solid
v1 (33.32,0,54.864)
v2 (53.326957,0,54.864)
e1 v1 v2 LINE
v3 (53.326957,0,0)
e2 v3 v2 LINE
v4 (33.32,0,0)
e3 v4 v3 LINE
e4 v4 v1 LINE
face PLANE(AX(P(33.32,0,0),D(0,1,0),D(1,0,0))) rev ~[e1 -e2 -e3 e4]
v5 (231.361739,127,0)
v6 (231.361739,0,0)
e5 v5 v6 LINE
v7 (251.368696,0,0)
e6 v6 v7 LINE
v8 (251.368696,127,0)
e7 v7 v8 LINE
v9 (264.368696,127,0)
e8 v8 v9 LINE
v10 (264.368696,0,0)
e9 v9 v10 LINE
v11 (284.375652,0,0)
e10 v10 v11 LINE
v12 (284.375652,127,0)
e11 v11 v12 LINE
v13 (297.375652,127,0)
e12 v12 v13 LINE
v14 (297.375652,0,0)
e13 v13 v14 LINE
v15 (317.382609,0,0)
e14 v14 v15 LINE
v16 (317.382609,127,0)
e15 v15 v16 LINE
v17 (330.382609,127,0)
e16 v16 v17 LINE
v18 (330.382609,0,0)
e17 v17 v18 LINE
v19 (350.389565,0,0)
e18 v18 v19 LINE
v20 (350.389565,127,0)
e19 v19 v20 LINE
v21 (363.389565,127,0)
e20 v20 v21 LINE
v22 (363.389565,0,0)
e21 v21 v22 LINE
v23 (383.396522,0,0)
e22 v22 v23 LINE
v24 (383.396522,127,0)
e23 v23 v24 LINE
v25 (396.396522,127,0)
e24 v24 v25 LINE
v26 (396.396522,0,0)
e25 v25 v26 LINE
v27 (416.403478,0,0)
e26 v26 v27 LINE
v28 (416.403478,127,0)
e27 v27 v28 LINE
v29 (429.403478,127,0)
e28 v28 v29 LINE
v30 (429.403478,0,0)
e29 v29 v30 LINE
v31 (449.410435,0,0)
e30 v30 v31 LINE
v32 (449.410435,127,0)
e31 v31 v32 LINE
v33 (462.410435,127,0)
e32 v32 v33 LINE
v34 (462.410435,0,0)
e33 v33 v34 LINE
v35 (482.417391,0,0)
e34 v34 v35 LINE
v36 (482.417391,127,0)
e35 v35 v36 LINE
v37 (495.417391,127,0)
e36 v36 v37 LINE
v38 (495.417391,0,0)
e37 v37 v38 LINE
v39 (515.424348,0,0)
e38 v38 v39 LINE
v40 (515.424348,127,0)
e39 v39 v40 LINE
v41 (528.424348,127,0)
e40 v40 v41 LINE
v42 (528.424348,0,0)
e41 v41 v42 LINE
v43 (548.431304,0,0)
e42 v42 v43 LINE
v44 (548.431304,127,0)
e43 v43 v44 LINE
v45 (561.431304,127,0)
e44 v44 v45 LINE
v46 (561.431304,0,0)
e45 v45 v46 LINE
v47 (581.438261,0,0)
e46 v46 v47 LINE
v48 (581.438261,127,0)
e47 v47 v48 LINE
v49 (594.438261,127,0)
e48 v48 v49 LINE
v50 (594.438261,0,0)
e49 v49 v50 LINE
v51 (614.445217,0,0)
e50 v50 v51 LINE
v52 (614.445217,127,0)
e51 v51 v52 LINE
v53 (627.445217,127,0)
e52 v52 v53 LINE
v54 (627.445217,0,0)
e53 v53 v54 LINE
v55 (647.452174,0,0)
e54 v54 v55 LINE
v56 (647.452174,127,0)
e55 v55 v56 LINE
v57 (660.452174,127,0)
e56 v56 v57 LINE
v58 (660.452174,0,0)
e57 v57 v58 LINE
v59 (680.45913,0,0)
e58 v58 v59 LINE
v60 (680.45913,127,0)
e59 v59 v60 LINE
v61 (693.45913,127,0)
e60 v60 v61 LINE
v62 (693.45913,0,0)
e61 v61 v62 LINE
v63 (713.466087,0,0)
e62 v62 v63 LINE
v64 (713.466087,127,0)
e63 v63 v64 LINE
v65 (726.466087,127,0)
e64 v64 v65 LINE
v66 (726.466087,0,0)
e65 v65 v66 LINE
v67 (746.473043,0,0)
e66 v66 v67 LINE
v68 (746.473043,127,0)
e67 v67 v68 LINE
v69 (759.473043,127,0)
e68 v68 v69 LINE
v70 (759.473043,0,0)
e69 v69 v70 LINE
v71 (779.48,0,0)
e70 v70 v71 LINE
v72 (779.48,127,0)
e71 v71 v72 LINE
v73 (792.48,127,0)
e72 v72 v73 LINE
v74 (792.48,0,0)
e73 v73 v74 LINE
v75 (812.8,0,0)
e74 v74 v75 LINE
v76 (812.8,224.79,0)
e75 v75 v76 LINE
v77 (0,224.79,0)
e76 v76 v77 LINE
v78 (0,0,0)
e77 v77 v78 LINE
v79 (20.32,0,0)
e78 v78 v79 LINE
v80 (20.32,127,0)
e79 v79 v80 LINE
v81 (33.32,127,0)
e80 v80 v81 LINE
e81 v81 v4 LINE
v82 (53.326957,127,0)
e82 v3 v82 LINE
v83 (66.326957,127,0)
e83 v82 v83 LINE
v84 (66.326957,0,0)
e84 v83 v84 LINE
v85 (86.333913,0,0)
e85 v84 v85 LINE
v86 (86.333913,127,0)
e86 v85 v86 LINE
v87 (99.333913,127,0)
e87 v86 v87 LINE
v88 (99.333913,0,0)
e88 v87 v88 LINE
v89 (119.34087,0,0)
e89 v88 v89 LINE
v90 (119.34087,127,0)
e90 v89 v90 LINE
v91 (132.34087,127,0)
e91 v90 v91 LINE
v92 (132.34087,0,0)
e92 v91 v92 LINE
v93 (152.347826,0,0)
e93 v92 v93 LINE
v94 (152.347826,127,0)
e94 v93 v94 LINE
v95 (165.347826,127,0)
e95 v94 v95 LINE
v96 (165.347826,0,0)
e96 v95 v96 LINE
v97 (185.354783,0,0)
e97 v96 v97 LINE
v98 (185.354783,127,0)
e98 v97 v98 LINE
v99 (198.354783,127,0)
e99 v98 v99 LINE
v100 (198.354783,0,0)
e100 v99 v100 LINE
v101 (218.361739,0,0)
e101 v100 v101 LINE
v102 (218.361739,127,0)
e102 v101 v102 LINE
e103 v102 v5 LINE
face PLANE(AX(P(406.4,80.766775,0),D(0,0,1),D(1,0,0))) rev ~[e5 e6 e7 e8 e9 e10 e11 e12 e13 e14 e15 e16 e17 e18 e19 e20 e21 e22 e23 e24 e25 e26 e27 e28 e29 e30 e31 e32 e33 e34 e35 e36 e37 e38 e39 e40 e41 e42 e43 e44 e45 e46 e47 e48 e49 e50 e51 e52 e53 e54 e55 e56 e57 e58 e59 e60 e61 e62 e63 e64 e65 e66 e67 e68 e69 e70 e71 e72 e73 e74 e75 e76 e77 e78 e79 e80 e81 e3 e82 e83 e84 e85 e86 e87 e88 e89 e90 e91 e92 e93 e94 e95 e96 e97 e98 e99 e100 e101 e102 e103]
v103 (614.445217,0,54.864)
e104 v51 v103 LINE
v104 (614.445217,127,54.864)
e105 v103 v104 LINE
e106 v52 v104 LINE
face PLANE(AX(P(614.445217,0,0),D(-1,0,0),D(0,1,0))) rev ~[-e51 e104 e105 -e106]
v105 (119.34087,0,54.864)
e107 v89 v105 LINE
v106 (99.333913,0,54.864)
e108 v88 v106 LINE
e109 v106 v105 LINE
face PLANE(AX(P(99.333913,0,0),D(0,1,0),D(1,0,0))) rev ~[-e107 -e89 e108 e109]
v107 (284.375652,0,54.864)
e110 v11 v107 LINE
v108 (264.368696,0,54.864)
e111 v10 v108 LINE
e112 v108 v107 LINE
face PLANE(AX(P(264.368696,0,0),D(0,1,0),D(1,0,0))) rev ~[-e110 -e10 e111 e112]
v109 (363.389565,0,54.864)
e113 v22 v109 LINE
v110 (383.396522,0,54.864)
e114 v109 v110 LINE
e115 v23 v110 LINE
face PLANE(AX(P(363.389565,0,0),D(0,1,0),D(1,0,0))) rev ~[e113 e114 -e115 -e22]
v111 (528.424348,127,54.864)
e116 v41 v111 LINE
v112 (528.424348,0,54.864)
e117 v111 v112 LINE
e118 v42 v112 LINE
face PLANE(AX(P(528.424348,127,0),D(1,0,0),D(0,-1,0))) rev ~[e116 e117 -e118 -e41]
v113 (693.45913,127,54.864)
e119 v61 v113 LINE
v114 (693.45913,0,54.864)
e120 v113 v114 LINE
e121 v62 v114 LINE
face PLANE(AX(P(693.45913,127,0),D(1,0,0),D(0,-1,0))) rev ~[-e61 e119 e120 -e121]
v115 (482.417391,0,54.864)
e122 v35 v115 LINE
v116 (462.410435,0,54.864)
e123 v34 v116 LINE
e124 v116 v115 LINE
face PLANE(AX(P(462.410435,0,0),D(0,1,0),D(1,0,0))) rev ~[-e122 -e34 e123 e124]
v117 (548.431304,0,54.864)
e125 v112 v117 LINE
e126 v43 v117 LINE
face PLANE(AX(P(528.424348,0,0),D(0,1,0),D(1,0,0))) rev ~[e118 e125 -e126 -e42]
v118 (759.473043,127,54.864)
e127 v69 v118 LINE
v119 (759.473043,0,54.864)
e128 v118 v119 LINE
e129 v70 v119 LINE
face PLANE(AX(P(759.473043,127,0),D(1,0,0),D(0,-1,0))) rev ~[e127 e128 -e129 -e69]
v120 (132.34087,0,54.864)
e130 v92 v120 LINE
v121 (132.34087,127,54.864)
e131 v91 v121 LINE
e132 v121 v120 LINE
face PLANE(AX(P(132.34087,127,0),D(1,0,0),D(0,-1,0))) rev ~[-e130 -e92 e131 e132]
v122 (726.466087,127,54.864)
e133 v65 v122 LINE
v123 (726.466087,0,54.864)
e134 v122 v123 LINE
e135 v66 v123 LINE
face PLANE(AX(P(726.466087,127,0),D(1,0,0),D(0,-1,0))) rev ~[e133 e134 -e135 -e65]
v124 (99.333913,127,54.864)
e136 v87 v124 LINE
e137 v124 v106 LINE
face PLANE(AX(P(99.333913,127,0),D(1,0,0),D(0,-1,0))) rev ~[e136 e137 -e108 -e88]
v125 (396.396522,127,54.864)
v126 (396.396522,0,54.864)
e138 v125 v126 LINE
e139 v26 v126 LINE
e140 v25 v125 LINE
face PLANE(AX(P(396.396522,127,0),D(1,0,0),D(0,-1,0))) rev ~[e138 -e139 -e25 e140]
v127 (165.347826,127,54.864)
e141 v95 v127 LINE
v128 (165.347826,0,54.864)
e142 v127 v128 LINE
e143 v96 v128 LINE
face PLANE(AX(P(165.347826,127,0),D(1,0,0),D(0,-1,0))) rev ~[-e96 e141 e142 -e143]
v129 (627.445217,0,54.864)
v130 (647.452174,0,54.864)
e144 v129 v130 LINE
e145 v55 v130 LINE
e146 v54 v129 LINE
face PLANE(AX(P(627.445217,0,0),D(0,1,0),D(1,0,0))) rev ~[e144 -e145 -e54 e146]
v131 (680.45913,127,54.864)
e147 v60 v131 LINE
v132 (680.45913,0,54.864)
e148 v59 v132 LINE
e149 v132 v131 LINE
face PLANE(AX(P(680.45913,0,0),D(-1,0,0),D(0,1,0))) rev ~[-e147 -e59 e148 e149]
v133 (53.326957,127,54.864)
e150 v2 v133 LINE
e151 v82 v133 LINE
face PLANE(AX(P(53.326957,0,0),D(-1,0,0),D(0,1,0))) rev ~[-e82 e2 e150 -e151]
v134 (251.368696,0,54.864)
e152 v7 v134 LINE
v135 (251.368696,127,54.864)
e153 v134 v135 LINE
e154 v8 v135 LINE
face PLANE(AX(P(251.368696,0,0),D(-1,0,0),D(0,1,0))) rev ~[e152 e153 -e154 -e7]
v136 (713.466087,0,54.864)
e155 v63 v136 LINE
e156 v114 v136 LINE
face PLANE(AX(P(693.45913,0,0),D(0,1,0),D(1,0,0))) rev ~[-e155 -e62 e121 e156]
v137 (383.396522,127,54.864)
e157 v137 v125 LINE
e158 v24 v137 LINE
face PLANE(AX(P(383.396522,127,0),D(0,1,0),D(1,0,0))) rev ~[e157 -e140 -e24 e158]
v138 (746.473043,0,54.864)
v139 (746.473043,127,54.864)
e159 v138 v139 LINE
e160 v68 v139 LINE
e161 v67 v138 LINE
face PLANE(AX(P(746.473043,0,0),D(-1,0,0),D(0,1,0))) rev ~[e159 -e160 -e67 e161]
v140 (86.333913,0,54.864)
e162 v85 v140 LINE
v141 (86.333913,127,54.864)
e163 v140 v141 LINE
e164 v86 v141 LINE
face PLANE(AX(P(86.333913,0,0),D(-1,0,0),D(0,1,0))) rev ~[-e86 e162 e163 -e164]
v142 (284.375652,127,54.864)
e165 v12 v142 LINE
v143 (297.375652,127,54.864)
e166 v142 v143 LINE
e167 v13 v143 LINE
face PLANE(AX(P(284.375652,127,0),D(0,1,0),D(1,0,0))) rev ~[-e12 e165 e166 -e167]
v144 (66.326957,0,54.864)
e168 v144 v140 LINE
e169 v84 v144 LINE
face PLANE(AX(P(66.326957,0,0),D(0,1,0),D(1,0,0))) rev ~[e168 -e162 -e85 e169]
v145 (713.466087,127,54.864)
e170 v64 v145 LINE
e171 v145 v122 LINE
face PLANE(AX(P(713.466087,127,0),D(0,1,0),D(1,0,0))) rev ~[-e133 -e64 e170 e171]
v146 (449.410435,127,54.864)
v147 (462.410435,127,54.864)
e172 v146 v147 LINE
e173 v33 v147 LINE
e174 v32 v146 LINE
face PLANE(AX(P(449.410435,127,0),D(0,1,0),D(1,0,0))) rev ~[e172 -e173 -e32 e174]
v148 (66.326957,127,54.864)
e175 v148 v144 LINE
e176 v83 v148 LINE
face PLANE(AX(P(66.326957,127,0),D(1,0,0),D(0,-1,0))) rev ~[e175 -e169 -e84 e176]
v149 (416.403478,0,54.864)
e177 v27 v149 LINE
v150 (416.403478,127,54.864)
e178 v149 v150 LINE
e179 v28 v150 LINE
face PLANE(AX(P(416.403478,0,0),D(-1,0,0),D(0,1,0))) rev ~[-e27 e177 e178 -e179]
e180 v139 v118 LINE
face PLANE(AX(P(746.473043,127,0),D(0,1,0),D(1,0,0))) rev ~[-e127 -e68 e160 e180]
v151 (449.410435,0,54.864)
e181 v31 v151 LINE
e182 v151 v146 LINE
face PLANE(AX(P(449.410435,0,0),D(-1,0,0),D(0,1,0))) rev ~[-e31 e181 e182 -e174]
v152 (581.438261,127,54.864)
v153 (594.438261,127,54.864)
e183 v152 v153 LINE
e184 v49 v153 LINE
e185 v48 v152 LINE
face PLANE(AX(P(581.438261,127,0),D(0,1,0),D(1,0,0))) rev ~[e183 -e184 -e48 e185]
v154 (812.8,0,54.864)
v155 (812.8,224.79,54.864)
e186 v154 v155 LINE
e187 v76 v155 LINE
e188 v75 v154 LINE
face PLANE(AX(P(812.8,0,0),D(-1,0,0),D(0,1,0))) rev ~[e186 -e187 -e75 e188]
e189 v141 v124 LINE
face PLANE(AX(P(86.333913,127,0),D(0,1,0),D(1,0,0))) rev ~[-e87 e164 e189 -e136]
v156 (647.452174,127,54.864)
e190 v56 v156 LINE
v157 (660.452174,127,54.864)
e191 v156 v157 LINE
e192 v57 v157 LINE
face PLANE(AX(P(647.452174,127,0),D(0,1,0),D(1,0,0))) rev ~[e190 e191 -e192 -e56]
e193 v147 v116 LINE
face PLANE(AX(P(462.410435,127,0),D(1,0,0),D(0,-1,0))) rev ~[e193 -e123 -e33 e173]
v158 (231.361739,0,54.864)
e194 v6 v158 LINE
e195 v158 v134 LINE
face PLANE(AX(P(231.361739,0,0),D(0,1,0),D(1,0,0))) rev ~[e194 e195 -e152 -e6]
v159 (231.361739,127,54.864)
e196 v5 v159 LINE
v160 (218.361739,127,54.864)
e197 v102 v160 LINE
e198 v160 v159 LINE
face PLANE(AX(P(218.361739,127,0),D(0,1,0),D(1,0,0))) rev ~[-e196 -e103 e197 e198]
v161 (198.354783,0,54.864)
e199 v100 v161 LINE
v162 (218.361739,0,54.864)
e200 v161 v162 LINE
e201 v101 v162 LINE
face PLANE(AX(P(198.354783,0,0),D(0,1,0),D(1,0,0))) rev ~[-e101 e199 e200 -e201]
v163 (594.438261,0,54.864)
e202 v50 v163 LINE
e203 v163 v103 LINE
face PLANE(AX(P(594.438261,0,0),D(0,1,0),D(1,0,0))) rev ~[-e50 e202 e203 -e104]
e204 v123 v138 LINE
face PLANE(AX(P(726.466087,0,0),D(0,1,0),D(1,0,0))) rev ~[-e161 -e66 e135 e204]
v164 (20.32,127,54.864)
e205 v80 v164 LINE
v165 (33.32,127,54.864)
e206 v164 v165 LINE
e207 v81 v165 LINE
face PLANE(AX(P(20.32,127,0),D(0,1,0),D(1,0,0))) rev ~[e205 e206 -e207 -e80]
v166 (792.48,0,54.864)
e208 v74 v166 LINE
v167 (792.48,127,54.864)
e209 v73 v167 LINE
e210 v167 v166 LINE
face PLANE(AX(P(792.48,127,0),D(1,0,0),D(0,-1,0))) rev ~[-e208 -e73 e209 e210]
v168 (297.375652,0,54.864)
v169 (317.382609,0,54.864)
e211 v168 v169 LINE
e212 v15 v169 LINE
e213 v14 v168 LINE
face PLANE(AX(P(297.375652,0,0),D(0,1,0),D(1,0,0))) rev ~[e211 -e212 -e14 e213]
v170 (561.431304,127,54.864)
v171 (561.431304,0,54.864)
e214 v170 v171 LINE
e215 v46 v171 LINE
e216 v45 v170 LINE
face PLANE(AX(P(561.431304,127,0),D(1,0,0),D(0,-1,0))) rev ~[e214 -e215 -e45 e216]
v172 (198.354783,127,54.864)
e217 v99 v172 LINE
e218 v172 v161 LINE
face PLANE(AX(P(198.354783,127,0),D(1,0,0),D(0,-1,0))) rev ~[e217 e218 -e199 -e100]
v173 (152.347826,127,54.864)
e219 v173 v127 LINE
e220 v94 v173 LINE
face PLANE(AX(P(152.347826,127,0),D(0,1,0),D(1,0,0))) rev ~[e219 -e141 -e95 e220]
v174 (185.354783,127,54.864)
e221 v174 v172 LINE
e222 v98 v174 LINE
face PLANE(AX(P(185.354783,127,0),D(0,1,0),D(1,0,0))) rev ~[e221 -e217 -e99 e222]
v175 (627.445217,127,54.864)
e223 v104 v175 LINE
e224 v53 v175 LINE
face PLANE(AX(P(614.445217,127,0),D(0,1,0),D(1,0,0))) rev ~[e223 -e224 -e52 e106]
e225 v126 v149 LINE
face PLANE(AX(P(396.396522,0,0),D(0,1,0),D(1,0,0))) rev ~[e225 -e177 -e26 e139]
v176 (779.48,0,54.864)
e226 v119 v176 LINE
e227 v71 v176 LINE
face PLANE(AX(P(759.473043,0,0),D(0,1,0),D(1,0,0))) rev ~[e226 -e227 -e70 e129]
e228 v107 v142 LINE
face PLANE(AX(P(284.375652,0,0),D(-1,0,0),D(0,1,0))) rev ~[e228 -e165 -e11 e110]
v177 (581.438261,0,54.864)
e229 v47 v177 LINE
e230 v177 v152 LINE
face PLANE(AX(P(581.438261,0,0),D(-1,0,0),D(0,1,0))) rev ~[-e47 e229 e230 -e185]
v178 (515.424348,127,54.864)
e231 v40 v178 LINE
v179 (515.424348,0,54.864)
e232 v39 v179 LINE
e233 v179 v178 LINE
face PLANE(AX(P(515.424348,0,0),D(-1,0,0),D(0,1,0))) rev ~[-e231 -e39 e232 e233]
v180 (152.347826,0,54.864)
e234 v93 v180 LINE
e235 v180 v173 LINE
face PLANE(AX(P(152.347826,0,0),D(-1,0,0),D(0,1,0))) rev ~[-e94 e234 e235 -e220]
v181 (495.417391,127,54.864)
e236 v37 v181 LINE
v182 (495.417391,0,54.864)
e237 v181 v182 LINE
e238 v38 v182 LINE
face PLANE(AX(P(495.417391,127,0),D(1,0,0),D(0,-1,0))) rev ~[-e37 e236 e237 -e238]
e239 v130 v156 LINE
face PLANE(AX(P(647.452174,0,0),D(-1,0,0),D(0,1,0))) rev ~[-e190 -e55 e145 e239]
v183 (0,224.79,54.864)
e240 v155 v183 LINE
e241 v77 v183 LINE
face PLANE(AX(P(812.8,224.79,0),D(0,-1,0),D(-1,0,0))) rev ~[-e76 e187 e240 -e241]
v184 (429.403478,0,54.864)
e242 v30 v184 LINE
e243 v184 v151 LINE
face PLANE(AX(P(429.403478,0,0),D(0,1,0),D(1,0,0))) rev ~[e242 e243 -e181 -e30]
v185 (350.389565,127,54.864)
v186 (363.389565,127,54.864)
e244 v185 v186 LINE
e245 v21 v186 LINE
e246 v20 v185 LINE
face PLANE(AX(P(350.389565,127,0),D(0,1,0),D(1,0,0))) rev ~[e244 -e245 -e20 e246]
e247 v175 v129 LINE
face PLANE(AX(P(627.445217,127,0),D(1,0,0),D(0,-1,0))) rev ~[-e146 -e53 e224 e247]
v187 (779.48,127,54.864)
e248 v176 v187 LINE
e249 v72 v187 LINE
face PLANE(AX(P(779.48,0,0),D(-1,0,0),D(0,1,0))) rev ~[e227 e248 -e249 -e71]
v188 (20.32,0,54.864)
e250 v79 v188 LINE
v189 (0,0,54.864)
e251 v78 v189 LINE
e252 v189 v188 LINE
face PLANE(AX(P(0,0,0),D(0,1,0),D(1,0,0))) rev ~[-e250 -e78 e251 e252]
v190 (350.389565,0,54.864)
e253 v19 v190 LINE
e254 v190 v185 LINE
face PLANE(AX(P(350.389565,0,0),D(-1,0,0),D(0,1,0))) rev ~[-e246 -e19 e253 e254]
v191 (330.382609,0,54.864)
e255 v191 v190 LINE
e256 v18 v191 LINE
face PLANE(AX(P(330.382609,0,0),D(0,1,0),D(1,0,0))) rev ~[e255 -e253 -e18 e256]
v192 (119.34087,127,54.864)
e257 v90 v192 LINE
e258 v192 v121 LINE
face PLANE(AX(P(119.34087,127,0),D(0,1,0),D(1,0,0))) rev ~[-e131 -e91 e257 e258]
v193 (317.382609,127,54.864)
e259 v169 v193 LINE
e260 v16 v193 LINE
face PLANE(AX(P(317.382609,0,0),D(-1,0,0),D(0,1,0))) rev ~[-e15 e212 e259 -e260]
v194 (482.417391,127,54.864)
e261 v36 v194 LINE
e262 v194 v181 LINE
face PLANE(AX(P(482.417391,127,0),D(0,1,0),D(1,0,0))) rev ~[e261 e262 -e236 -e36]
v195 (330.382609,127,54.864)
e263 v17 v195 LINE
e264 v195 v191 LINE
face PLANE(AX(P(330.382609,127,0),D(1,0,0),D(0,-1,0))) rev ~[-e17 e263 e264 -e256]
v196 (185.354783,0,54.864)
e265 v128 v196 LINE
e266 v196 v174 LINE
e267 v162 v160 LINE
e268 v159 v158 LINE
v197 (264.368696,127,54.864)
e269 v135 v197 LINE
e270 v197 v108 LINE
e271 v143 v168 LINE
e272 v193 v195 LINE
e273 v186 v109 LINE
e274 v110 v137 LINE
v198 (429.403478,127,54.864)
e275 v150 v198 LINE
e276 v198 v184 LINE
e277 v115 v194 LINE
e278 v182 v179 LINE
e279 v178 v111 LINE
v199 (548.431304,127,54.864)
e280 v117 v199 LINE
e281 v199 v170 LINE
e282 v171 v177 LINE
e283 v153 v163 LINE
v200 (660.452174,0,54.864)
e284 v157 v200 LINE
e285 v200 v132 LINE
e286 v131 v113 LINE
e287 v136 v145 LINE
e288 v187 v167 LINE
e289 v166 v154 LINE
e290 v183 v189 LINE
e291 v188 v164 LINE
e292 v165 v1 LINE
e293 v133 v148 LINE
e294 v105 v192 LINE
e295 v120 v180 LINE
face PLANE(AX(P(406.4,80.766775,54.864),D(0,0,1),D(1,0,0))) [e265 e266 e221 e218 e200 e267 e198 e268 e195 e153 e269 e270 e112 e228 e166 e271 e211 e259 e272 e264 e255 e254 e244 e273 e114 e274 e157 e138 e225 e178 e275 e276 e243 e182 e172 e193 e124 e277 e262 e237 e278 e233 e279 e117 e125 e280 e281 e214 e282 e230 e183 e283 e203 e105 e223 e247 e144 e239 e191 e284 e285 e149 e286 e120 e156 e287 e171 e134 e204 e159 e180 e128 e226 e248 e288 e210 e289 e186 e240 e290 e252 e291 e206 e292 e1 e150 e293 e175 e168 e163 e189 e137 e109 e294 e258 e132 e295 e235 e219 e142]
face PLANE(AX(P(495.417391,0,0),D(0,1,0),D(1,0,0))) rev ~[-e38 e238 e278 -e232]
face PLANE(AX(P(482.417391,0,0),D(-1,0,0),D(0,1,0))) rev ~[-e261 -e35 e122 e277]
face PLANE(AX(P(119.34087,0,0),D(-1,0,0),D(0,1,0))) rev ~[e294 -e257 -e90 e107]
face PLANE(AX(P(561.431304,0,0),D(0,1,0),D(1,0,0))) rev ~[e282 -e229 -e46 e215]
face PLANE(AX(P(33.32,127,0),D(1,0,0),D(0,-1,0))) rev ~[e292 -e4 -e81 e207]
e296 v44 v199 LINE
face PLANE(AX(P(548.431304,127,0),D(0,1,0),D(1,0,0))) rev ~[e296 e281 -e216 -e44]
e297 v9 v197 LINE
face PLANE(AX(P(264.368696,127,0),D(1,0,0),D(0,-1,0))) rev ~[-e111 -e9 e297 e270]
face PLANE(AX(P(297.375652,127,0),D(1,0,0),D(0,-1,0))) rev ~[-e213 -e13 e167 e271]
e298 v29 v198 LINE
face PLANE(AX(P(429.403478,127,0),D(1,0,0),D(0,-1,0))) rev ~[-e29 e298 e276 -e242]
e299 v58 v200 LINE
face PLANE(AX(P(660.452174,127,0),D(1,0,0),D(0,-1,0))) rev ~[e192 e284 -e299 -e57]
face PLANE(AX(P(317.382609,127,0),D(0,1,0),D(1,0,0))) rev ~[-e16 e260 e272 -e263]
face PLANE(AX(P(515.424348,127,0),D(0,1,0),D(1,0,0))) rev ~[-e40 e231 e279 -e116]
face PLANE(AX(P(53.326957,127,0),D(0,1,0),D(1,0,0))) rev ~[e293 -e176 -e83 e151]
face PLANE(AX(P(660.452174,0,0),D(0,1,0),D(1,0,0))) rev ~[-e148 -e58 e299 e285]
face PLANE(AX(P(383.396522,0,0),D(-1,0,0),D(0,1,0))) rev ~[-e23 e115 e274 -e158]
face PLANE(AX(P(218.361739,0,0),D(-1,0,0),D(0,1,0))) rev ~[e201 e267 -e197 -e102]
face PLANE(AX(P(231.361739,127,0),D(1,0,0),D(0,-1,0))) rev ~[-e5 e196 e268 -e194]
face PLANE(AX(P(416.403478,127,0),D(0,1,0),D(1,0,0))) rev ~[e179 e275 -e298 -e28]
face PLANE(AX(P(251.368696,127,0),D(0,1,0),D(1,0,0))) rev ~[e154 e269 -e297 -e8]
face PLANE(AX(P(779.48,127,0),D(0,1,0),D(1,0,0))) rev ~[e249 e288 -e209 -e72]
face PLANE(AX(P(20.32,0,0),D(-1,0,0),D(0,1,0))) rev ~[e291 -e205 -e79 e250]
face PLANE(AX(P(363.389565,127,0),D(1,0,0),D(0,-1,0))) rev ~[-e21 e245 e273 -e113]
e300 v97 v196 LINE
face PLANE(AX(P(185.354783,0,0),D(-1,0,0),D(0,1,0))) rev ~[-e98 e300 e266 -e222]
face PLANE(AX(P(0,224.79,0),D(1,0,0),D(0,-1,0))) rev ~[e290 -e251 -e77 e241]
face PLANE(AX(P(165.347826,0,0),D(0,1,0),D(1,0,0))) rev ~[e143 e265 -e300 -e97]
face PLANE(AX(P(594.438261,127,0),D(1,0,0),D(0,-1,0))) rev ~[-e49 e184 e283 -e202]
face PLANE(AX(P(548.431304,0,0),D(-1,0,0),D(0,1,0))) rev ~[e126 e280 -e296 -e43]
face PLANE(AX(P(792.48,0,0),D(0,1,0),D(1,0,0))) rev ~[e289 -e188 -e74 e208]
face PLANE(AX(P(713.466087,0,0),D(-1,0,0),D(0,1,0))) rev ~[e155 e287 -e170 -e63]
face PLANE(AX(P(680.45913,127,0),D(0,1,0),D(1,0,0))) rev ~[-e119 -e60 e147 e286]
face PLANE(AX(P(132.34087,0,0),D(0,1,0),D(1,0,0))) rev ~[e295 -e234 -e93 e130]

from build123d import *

# Parameters (mm, degrees)
BOSS_EXTRUDE1_DEPTH = 54.864


with BuildPart() as part:
    # Sketch1 → Boss-Extrude1 (new body)
    with BuildSketch(Plane.XY):
        Polygon((33.32, 0), (53.326956522, 0), (53.326956522, 127), (66.326956522, 127), (66.326956522, 0), (86.333913043, 0), (86.333913043, 127), (99.333913043, 127), (99.333913043, 0), (119.340869565, 0), (119.340869565, 127), (132.340869565, 127), (132.340869565, 0), (152.347826087, 0), (152.347826087, 127), (165.347826087, 127), (165.347826087, 0), (185.354782609, 0), (185.354782609, 127), (198.354782609, 127), (198.354782609, 0), (218.36173913, 0), (218.36173913, 127), (231.36173913, 127), (231.36173913, 0), (251.368695652, 0), (251.368695652, 127), (264.368695652, 127), (264.368695652, 0), (284.375652174, 0), (284.375652174, 127), (297.375652174, 127), (297.375652174, 0), (317.382608696, 0), (317.382608696, 127), (330.382608696, 127), (330.382608696, 0), (350.389565217, 0), (350.389565217, 127), (363.389565217, 127), (363.389565217, 0), (383.396521739, 0), (383.396521739, 127), (396.396521739, 127), (396.396521739, 0), (416.403478261, 0), (416.403478261, 127), (429.403478261, 127), (429.403478261, 0), (449.410434783, 0), (449.410434783, 127), (462.410434783, 127), (462.410434783, 0), (482.417391304, 0), (482.417391304, 127), (495.417391304, 127), (495.417391304, 0), (515.424347826, 0), (515.424347826, 127), (528.424347826, 127), (528.424347826, 0), (548.431304348, 0), (548.431304348, 127), (561.431304348, 127), (561.431304348, 0), (581.43826087, 0), (581.43826087, 127), (594.43826087, 127), (594.43826087, 0), (614.445217391, 0), (614.445217391, 127), (627.445217391, 127), (627.445217391, 0), (647.452173913, 0), (647.452173913, 127), (660.452173913, 127), (660.452173913, 0), (680.459130435, 0), (680.459130435, 127), (693.459130435, 127), (693.459130435, 0), (713.466086957, 0), (713.466086957, 127), (726.466086957, 127), (726.466086957, 0), (746.473043478, 0), (746.473043478, 127), (759.473043478, 127), (759.473043478, 0), (779.48, 0), (779.48, 127), (792.48, 127), (792.48, 0), (812.8, 0), (812.8, 224.79), (0, 224.79), (0, 0), (20.32, 0), (20.32, 127), (33.32, 127), align=None)
    extrude(amount=BOSS_EXTRUDE1_DEPTH)


solid = part.part
